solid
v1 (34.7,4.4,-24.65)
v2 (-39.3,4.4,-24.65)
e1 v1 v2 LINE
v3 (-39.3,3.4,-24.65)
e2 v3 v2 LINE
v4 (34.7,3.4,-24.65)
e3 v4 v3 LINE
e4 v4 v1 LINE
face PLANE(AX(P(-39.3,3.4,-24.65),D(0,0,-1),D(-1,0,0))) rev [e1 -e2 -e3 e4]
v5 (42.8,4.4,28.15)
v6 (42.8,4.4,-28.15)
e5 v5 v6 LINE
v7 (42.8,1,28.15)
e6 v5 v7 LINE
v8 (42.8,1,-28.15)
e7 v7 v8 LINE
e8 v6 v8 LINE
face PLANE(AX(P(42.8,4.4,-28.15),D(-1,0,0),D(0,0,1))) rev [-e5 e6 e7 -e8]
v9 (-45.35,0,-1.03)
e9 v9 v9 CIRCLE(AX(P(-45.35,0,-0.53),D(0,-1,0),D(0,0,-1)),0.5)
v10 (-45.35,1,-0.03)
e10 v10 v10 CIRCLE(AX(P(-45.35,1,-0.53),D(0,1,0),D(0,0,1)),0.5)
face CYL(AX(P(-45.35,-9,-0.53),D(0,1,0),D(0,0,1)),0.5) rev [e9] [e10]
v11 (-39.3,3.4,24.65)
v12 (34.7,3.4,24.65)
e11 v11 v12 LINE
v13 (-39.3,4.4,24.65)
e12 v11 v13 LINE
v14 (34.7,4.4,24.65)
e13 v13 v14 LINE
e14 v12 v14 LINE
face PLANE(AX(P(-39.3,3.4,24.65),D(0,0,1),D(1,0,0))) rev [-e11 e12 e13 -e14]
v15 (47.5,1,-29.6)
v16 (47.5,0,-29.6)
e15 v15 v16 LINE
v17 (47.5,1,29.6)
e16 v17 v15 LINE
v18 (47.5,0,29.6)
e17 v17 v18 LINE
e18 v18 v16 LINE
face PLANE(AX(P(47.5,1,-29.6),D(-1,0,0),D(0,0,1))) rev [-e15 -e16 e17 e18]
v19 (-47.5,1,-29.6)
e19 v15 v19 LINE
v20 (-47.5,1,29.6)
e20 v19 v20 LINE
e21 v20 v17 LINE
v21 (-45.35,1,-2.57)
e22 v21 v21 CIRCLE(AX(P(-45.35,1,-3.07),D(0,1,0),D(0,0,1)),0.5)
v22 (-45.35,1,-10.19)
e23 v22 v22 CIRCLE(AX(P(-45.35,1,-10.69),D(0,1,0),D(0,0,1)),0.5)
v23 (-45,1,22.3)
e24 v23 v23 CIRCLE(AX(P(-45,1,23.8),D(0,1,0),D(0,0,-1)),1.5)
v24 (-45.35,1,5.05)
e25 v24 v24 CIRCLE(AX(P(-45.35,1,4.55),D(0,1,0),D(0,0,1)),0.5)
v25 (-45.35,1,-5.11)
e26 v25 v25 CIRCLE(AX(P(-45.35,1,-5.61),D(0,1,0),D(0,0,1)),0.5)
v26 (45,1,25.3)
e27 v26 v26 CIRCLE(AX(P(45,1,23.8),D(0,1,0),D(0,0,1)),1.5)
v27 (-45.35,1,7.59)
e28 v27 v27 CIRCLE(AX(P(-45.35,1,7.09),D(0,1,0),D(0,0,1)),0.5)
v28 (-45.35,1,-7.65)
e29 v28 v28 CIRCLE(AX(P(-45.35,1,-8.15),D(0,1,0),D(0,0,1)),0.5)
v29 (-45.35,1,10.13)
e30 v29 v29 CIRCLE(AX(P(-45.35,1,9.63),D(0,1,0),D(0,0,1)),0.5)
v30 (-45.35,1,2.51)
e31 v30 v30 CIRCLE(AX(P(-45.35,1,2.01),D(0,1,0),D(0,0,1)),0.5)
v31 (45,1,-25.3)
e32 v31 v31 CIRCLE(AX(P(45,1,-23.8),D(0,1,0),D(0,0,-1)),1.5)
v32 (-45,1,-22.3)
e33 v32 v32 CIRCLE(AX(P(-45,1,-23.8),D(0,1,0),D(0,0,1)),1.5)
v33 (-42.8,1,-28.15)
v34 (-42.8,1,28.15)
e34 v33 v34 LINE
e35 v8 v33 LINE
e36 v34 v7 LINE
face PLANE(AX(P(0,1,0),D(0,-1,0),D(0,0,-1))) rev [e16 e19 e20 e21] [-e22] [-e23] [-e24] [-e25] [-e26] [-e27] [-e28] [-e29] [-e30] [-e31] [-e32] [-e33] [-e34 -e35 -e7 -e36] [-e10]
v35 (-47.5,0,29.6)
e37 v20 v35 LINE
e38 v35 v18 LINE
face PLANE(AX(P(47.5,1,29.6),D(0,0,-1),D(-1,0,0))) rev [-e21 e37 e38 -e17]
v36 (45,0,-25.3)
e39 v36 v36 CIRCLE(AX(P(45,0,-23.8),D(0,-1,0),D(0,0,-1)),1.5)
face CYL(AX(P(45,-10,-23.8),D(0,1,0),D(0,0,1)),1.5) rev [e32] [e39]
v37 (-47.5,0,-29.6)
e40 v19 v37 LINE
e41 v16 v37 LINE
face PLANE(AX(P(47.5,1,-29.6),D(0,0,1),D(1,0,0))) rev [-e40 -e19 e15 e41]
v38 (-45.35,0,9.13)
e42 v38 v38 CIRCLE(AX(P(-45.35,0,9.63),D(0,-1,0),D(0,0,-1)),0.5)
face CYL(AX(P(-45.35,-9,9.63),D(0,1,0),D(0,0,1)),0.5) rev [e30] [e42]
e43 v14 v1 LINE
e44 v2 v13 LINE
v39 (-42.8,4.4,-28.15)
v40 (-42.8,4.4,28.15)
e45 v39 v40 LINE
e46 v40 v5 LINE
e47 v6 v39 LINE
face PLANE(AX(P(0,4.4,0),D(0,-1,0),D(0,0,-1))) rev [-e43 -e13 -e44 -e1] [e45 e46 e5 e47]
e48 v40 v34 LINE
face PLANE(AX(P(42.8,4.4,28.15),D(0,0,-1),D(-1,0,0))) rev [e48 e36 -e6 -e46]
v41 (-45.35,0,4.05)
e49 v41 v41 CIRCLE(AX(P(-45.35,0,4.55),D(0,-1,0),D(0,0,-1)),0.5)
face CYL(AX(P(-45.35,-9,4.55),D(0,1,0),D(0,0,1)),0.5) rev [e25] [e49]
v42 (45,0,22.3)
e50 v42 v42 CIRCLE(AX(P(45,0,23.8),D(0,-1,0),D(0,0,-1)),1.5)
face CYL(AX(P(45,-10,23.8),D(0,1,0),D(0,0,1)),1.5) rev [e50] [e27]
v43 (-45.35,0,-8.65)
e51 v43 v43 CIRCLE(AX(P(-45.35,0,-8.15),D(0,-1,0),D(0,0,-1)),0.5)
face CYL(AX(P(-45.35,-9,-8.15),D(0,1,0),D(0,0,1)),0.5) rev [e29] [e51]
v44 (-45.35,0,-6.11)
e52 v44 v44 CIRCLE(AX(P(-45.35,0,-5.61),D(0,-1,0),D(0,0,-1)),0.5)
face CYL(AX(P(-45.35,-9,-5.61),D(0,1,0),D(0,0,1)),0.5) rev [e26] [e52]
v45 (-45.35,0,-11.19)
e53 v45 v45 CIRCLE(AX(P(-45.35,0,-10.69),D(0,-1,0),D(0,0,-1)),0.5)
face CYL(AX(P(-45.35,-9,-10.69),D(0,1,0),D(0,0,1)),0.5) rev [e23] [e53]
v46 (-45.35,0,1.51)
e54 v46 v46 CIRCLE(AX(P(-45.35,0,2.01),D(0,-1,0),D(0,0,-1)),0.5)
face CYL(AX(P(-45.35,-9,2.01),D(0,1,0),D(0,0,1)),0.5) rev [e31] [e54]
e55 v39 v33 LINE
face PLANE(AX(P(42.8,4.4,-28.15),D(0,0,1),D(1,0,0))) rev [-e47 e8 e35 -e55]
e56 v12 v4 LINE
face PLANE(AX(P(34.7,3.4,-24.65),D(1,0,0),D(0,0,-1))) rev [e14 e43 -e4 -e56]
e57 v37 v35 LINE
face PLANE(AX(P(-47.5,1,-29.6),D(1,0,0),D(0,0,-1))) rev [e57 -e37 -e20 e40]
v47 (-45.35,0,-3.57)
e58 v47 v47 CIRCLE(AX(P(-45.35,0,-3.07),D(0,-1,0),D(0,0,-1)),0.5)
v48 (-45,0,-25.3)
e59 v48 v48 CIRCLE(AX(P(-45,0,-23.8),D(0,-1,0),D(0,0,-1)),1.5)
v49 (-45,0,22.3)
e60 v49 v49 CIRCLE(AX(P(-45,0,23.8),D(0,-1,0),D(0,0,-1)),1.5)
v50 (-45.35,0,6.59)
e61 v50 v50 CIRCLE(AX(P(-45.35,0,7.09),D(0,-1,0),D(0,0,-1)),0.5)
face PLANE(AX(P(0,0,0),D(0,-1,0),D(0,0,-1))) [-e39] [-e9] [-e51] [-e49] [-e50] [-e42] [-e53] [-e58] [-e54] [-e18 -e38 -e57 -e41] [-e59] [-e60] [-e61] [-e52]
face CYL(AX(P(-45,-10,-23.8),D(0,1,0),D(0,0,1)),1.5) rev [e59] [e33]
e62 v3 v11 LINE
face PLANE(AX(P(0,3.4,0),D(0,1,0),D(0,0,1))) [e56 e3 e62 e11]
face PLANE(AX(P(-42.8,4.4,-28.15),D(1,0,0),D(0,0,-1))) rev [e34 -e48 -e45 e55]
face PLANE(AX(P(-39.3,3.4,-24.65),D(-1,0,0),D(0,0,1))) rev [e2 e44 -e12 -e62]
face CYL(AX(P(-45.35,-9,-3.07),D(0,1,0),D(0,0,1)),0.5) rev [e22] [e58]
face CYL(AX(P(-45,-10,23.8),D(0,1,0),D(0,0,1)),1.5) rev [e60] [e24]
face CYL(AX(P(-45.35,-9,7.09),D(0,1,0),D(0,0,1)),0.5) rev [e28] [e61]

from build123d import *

# Parameters (mm, degrees)
CROQUIS1_W              = 95
CROQUIS1_H              = 59.2
SALIENTE_EXTRUIR1_DEPTH = 1
CROQUIS2_W              = 85.6
CROQUIS2_H              = 56.3
SALIENTE_EXTRUIR2_DEPTH = 3.4
CROQUIS3_W              = 74
CROQUIS3_H              = 49.3
CORTAR_EXTRUIR1_DEPTH   = 1
CROQUIS4_R              = 1.5
CORTAR_EXTRUIR2_DEPTH   = 11
CROQUIS5_R              = 0.5
CORTAR_EXTRUIR3_DEPTH   = 10


with BuildPart() as part:
    # Croquis1 → Saliente-Extruir1 (new body)
    with BuildSketch(Plane(origin=(0, 0, 0), x_dir=(1, 0, 0), z_dir=(0, 1, 0))):
        Rectangle(CROQUIS1_W, CROQUIS1_H)
    extrude(amount=SALIENTE_EXTRUIR1_DEPTH)

    # Croquis2 → Saliente-Extruir2 (add)
    with BuildSketch(Plane(origin=(0, 1, 0), x_dir=(1, 0, 0), z_dir=(0, 1, 0))):
        Rectangle(CROQUIS2_W, CROQUIS2_H)
    extrude(amount=SALIENTE_EXTRUIR2_DEPTH)

    # Croquis3 → Cortar-Extruir1 (cut)
    with BuildSketch(Plane(origin=(0, 4.4, 0), x_dir=(1, 0, 0), z_dir=(0, 1, 0))):
        with Locations((-2.3, 0)):
            Rectangle(CROQUIS3_W, CROQUIS3_H)
    extrude(amount=-CORTAR_EXTRUIR1_DEPTH, mode=Mode.SUBTRACT)

    # Croquis4 → Cortar-Extruir2 (cut)
    with BuildSketch(Plane(origin=(0, 1, 0), x_dir=(1, 0, 0), z_dir=(0, 1, 0))):
        with Locations(Location((45, -23.8, 0), (0, 0, 270))):
            Circle(CROQUIS4_R)
        with Locations(Location((45, 23.8, 0), (0, 0, 90))):
            Circle(CROQUIS4_R)
        with Locations(Location((-45, -23.8, 0), (0, 0, 90))):
            Circle(CROQUIS4_R)
        with Locations(Location((-45, 23.8, 0), (0, 0, 270))):
            Circle(CROQUIS4_R)
    extrude(amount=-CORTAR_EXTRUIR2_DEPTH, mode=Mode.SUBTRACT)

    # Croquis5 → Cortar-Extruir3 (cut)
    with BuildSketch(Plane(origin=(0, 1, 0), x_dir=(1, 0, 0), z_dir=(0, 1, 0))):
        with Locations(Location((-45.35, -9.63, 0), (0, 0, 270))):
            Circle(CROQUIS5_R)
        with Locations(Location((-45.35, -7.09, 0), (0, 0, 270))):
            Circle(CROQUIS5_R)
        with Locations(Location((-45.35, -4.55, 0), (0, 0, 270))):
            Circle(CROQUIS5_R)
        with Locations(Location((-45.35, -2.01, 0), (0, 0, 270))):
            Circle(CROQUIS5_R)
        with Locations(Location((-45.35, 0.53, 0), (0, 0, 270))):
            Circle(CROQUIS5_R)
        with Locations(Location((-45.35, 3.07, 0), (0, 0, 270))):
            Circle(CROQUIS5_R)
        with Locations(Location((-45.35, 5.61, 0), (0, 0, 270))):
            Circle(CROQUIS5_R)
        with Locations(Location((-45.35, 8.15, 0), (0, 0, 270))):
            Circle(CROQUIS5_R)
        with Locations(Location((-45.35, 10.69, 0), (0, 0, 270))):
            Circle(CROQUIS5_R)
    extrude(amount=-CORTAR_EXTRUIR3_DEPTH, mode=Mode.SUBTRACT)


solid = part.part
